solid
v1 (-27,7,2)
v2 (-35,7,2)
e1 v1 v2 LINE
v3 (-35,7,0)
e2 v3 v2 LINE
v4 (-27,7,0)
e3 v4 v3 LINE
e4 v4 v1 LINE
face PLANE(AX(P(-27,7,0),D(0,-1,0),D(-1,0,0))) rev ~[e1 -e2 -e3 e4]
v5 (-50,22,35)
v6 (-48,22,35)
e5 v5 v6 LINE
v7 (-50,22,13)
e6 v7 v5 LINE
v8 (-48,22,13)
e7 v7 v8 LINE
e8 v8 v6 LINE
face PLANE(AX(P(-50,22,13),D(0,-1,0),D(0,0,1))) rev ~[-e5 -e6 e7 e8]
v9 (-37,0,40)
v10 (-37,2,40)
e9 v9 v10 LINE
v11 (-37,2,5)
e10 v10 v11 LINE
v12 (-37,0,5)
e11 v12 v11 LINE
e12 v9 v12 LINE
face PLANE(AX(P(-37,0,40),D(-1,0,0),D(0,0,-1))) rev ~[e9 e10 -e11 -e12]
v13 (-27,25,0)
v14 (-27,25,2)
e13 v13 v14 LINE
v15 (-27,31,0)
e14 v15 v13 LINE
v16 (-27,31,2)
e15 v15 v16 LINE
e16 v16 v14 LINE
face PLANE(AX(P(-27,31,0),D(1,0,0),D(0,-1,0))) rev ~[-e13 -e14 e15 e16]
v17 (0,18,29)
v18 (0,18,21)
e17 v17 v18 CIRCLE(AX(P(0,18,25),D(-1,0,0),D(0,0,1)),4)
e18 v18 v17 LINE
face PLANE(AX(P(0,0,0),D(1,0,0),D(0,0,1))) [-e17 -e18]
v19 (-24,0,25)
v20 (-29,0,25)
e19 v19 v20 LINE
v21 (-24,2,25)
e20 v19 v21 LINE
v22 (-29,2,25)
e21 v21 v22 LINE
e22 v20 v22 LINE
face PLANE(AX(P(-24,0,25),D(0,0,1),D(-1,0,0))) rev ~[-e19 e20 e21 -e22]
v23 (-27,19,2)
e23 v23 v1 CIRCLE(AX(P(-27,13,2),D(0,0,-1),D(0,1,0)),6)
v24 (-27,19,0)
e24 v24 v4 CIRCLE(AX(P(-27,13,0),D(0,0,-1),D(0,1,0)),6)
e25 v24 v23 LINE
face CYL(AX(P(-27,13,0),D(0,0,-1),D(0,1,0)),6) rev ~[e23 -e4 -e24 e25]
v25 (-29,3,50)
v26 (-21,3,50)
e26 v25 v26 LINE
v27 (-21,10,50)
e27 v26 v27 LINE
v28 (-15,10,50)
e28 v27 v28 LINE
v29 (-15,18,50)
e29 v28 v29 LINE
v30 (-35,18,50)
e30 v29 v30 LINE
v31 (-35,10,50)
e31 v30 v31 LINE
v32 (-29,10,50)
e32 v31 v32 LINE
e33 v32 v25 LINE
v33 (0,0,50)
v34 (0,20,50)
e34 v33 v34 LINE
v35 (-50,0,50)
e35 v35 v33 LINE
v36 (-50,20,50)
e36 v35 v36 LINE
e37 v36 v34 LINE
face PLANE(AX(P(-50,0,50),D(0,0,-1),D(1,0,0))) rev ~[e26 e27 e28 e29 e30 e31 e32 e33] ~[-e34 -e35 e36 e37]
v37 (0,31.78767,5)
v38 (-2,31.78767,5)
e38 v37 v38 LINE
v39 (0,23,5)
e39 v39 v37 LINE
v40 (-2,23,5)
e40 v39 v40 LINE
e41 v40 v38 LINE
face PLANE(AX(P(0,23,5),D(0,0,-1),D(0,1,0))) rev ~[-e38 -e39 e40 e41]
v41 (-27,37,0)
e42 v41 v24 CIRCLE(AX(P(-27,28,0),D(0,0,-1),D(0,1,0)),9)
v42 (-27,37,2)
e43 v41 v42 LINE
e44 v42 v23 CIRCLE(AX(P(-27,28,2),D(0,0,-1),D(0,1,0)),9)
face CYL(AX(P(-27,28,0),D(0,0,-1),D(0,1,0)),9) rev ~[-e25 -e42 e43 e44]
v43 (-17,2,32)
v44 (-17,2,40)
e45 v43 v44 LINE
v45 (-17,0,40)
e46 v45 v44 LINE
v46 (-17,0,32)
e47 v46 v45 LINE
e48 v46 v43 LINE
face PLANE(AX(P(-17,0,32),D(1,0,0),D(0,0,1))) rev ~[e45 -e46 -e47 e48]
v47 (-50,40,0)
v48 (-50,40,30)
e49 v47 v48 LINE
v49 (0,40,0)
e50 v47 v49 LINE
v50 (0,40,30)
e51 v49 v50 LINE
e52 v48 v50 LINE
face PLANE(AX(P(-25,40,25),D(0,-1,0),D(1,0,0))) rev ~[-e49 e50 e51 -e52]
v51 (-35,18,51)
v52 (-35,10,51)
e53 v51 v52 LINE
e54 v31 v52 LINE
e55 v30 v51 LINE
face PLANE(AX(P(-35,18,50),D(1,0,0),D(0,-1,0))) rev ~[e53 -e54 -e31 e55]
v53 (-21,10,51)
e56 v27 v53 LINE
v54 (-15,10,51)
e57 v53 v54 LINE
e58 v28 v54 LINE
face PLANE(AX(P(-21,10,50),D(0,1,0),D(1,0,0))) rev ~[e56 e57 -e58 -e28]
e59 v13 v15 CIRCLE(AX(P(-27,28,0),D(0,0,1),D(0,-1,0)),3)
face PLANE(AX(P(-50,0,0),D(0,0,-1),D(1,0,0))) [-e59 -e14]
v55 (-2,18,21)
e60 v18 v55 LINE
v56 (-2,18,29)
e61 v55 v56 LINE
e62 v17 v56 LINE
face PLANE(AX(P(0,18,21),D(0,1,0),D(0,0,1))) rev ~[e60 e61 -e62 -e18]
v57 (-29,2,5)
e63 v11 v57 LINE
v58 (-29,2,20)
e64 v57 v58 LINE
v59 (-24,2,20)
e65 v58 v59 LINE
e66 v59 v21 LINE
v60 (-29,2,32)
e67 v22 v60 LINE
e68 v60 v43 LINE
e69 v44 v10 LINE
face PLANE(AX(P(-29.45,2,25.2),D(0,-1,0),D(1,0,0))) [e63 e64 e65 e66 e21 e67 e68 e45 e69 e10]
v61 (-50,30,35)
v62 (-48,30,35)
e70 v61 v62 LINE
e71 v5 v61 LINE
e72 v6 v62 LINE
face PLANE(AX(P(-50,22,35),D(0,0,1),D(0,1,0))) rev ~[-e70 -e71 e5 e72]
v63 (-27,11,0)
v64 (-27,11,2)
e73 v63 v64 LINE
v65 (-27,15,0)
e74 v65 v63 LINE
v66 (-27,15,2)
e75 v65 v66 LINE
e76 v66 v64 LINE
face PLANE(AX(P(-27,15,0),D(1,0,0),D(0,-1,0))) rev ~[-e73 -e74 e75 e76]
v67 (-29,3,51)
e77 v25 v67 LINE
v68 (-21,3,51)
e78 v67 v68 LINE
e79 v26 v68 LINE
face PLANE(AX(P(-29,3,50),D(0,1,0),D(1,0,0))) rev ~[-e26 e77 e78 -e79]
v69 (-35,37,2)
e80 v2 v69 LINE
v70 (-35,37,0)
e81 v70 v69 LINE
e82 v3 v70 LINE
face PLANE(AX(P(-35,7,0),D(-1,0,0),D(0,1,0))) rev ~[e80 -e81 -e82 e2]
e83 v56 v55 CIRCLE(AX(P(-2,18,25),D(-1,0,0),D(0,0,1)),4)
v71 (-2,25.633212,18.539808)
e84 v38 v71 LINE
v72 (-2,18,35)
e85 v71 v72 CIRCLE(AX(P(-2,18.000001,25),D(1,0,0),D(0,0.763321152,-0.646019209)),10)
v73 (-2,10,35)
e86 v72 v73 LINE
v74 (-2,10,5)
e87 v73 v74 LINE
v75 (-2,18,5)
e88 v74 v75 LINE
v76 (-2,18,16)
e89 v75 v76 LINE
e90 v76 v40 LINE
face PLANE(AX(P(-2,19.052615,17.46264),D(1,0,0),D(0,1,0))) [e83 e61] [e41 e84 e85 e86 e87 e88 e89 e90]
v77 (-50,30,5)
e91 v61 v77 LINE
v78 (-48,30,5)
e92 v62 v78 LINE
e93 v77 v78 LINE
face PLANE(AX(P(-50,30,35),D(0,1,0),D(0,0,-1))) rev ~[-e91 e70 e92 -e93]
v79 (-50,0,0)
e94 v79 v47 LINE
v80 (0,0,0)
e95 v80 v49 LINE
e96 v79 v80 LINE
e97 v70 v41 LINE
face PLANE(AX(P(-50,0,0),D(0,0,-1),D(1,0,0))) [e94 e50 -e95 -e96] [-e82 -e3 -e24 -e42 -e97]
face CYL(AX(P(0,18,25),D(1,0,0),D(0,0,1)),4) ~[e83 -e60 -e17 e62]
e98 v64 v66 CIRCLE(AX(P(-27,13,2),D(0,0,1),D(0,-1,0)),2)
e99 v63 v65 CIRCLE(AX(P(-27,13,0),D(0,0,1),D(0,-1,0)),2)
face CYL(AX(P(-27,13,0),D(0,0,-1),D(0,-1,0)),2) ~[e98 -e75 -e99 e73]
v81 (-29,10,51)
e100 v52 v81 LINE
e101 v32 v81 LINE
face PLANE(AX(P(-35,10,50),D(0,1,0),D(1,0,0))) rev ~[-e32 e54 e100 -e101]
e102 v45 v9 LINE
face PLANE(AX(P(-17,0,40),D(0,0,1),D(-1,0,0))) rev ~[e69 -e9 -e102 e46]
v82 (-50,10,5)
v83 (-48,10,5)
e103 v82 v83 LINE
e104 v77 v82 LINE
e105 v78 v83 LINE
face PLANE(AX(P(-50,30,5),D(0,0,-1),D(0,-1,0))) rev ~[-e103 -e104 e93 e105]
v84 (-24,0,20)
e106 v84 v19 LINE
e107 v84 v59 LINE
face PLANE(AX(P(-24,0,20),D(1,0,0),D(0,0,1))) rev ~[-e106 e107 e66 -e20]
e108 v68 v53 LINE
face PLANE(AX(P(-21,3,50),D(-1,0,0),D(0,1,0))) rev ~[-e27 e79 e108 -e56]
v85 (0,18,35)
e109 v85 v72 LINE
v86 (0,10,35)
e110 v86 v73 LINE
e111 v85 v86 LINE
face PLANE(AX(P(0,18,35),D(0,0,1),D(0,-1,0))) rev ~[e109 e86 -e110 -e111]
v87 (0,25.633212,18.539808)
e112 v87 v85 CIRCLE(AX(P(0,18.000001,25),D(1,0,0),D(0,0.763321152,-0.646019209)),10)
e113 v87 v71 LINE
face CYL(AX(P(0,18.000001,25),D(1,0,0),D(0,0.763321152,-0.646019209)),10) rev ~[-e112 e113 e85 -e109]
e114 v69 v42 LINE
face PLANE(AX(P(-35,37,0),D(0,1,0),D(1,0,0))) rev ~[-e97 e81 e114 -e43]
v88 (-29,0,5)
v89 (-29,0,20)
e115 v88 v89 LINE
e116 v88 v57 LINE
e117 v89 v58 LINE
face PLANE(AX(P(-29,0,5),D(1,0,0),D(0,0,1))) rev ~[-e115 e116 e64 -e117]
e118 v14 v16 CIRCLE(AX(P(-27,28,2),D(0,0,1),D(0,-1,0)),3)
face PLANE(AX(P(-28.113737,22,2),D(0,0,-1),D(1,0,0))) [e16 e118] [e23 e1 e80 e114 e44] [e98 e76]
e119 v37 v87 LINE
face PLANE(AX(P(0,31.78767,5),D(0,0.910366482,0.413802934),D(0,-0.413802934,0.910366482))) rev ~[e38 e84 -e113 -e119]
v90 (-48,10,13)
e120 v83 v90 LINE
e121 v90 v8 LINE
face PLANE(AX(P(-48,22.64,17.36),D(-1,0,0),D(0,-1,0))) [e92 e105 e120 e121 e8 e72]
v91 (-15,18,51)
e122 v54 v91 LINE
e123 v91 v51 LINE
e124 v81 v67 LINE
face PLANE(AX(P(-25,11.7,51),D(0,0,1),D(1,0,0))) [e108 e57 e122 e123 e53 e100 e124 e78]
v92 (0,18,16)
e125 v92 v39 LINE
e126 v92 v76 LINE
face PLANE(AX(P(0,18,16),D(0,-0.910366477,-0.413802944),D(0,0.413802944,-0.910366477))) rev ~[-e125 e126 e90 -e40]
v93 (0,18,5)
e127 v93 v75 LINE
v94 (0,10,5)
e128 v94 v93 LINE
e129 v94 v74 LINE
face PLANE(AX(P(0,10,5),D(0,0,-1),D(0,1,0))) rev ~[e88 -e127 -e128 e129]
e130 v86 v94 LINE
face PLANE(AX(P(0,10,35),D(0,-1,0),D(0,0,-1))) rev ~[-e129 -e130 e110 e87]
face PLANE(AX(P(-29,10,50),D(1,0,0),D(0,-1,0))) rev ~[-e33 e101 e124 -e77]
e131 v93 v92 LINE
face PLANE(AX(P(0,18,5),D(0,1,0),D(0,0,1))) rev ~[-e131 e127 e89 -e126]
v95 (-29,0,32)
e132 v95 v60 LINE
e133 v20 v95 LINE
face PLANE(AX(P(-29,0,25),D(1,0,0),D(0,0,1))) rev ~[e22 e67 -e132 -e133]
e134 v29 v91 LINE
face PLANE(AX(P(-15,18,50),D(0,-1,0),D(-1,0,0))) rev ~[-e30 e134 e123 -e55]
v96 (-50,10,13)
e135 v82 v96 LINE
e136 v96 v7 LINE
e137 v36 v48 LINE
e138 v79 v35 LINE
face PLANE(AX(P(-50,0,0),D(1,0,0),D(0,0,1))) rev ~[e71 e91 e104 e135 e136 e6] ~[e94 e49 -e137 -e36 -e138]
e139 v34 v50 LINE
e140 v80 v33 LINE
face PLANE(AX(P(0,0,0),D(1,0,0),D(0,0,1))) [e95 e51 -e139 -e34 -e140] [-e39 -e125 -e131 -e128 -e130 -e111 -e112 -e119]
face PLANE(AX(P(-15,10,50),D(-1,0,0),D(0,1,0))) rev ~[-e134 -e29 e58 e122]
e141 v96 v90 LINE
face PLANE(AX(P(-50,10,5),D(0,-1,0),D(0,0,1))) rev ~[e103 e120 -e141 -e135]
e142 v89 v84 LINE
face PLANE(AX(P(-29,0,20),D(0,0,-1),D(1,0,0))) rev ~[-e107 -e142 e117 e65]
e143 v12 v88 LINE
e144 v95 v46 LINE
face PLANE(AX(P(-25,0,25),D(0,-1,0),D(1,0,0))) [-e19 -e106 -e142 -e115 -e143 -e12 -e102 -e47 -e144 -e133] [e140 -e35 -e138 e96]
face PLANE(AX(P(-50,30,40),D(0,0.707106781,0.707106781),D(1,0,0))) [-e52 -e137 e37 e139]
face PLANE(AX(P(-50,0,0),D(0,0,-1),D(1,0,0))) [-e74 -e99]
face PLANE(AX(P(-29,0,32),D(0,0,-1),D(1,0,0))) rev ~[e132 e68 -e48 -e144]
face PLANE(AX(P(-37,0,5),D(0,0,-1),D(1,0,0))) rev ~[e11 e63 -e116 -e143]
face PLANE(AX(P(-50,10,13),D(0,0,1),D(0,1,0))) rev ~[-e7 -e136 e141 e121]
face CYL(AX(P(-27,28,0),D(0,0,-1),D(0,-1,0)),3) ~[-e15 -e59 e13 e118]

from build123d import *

# Parameters (mm, degrees)
F0_W      = 50
F0_H      = 50
F1_DEPTH  = 40
F2_SIZE   = 20
F4_DEPTH  = 2
F6_DEPTH  = 2
F8_DEPTH  = 2
F10_DEPTH = 1
F12_DEPTH = 2


with BuildPart() as f1:
    # F0 (on Front) → F1 (new body)
    with BuildSketch(Plane.XZ):
        with Locations((-25, 25)):
            Rectangle(F0_W, F0_H)
    extrude(amount=-F1_DEPTH)

    # F2
    f2_edges = [f1.edges().sort_by_distance(p)[0] for p in [
        (-25, 40, 50),
    ]]
    chamfer(f2_edges, length=F2_SIZE)

    # F3 (on face) → F4 (cut)
    with BuildSketch(Plane.XZ):
        Polygon((-37, 40), (-37, 5), (-29, 5), (-29, 20), (-24, 20), (-24, 25), (-29, 25), (-29, 32), (-17, 32), (-17, 40), align=None)
    extrude(amount=-F4_DEPTH, mode=Mode.SUBTRACT)

    # F5 (on face) → F6 (cut)
    with BuildSketch(Plane.YZ):
        with BuildLine():
            Line((10, 35), (10, 5))
            Line((10, 5), (18, 5))
            Line((18, 5), (18, 16))
            Line((18, 16), (23, 5))
            Line((23, 5), (31.78767, 5))
            Line((31.78767, 5), (25.633212, 18.539808))
            ThreePointArc((25.633212, 18.539808), (27.071988, 29.207023), (18, 35))
            Line((18, 35), (10, 35))
        make_face()
        with BuildLine():
            Line((18, 21), (18, 29))
            ThreePointArc((18, 29), (22, 25), (18, 21))
        make_face(mode=Mode.SUBTRACT)
    extrude(amount=-F6_DEPTH, mode=Mode.SUBTRACT)

    # F7 (on face) → F8 (cut)
    with BuildSketch(Plane(origin=(-50, 0, 0), x_dir=(0, -1, 0), z_dir=(-1, 0, 0))):
        Polygon((-22, 35), (-30, 35), (-30, 5), (-10, 5), (-10, 13), (-22, 13), align=None)
    extrude(amount=-F8_DEPTH, mode=Mode.SUBTRACT)

    # F9 (on face) → F10 (join)
    with BuildSketch(Plane.XY.offset(50)):
        Polygon((-29, 10), (-29, 3), (-21, 3), (-21, 10), (-15, 10), (-15, 18), (-35, 18), (-35, 10), align=None)
    extrude(amount=F10_DEPTH)

    # F11 (on face) → F12 (cut)
    with BuildSketch(Plane(origin=(0, 0, 0), x_dir=(1, 0, 0), z_dir=(0, 0, -1))):
        with BuildLine():
            Line((-35, -7), (-35, -37))
            Line((-35, -37), (-27, -37))
            ThreePointArc((-27, -37), (-18, -28), (-27, -19))
            ThreePointArc((-27, -19), (-21, -13), (-27, -7))
            Line((-27, -7), (-35, -7))
        make_face()
        with BuildLine():
            ThreePointArc((-27, -25), (-24, -28), (-27, -31))
            Line((-27, -31), (-27, -25))
        make_face(mode=Mode.SUBTRACT)
        with BuildLine():
            Line((-27, -15), (-27, -11))
            ThreePointArc((-27, -11), (-25, -13), (-27, -15))
        make_face(mode=Mode.SUBTRACT)
    extrude(amount=-F12_DEPTH, mode=Mode.SUBTRACT)


solid = f1.part
